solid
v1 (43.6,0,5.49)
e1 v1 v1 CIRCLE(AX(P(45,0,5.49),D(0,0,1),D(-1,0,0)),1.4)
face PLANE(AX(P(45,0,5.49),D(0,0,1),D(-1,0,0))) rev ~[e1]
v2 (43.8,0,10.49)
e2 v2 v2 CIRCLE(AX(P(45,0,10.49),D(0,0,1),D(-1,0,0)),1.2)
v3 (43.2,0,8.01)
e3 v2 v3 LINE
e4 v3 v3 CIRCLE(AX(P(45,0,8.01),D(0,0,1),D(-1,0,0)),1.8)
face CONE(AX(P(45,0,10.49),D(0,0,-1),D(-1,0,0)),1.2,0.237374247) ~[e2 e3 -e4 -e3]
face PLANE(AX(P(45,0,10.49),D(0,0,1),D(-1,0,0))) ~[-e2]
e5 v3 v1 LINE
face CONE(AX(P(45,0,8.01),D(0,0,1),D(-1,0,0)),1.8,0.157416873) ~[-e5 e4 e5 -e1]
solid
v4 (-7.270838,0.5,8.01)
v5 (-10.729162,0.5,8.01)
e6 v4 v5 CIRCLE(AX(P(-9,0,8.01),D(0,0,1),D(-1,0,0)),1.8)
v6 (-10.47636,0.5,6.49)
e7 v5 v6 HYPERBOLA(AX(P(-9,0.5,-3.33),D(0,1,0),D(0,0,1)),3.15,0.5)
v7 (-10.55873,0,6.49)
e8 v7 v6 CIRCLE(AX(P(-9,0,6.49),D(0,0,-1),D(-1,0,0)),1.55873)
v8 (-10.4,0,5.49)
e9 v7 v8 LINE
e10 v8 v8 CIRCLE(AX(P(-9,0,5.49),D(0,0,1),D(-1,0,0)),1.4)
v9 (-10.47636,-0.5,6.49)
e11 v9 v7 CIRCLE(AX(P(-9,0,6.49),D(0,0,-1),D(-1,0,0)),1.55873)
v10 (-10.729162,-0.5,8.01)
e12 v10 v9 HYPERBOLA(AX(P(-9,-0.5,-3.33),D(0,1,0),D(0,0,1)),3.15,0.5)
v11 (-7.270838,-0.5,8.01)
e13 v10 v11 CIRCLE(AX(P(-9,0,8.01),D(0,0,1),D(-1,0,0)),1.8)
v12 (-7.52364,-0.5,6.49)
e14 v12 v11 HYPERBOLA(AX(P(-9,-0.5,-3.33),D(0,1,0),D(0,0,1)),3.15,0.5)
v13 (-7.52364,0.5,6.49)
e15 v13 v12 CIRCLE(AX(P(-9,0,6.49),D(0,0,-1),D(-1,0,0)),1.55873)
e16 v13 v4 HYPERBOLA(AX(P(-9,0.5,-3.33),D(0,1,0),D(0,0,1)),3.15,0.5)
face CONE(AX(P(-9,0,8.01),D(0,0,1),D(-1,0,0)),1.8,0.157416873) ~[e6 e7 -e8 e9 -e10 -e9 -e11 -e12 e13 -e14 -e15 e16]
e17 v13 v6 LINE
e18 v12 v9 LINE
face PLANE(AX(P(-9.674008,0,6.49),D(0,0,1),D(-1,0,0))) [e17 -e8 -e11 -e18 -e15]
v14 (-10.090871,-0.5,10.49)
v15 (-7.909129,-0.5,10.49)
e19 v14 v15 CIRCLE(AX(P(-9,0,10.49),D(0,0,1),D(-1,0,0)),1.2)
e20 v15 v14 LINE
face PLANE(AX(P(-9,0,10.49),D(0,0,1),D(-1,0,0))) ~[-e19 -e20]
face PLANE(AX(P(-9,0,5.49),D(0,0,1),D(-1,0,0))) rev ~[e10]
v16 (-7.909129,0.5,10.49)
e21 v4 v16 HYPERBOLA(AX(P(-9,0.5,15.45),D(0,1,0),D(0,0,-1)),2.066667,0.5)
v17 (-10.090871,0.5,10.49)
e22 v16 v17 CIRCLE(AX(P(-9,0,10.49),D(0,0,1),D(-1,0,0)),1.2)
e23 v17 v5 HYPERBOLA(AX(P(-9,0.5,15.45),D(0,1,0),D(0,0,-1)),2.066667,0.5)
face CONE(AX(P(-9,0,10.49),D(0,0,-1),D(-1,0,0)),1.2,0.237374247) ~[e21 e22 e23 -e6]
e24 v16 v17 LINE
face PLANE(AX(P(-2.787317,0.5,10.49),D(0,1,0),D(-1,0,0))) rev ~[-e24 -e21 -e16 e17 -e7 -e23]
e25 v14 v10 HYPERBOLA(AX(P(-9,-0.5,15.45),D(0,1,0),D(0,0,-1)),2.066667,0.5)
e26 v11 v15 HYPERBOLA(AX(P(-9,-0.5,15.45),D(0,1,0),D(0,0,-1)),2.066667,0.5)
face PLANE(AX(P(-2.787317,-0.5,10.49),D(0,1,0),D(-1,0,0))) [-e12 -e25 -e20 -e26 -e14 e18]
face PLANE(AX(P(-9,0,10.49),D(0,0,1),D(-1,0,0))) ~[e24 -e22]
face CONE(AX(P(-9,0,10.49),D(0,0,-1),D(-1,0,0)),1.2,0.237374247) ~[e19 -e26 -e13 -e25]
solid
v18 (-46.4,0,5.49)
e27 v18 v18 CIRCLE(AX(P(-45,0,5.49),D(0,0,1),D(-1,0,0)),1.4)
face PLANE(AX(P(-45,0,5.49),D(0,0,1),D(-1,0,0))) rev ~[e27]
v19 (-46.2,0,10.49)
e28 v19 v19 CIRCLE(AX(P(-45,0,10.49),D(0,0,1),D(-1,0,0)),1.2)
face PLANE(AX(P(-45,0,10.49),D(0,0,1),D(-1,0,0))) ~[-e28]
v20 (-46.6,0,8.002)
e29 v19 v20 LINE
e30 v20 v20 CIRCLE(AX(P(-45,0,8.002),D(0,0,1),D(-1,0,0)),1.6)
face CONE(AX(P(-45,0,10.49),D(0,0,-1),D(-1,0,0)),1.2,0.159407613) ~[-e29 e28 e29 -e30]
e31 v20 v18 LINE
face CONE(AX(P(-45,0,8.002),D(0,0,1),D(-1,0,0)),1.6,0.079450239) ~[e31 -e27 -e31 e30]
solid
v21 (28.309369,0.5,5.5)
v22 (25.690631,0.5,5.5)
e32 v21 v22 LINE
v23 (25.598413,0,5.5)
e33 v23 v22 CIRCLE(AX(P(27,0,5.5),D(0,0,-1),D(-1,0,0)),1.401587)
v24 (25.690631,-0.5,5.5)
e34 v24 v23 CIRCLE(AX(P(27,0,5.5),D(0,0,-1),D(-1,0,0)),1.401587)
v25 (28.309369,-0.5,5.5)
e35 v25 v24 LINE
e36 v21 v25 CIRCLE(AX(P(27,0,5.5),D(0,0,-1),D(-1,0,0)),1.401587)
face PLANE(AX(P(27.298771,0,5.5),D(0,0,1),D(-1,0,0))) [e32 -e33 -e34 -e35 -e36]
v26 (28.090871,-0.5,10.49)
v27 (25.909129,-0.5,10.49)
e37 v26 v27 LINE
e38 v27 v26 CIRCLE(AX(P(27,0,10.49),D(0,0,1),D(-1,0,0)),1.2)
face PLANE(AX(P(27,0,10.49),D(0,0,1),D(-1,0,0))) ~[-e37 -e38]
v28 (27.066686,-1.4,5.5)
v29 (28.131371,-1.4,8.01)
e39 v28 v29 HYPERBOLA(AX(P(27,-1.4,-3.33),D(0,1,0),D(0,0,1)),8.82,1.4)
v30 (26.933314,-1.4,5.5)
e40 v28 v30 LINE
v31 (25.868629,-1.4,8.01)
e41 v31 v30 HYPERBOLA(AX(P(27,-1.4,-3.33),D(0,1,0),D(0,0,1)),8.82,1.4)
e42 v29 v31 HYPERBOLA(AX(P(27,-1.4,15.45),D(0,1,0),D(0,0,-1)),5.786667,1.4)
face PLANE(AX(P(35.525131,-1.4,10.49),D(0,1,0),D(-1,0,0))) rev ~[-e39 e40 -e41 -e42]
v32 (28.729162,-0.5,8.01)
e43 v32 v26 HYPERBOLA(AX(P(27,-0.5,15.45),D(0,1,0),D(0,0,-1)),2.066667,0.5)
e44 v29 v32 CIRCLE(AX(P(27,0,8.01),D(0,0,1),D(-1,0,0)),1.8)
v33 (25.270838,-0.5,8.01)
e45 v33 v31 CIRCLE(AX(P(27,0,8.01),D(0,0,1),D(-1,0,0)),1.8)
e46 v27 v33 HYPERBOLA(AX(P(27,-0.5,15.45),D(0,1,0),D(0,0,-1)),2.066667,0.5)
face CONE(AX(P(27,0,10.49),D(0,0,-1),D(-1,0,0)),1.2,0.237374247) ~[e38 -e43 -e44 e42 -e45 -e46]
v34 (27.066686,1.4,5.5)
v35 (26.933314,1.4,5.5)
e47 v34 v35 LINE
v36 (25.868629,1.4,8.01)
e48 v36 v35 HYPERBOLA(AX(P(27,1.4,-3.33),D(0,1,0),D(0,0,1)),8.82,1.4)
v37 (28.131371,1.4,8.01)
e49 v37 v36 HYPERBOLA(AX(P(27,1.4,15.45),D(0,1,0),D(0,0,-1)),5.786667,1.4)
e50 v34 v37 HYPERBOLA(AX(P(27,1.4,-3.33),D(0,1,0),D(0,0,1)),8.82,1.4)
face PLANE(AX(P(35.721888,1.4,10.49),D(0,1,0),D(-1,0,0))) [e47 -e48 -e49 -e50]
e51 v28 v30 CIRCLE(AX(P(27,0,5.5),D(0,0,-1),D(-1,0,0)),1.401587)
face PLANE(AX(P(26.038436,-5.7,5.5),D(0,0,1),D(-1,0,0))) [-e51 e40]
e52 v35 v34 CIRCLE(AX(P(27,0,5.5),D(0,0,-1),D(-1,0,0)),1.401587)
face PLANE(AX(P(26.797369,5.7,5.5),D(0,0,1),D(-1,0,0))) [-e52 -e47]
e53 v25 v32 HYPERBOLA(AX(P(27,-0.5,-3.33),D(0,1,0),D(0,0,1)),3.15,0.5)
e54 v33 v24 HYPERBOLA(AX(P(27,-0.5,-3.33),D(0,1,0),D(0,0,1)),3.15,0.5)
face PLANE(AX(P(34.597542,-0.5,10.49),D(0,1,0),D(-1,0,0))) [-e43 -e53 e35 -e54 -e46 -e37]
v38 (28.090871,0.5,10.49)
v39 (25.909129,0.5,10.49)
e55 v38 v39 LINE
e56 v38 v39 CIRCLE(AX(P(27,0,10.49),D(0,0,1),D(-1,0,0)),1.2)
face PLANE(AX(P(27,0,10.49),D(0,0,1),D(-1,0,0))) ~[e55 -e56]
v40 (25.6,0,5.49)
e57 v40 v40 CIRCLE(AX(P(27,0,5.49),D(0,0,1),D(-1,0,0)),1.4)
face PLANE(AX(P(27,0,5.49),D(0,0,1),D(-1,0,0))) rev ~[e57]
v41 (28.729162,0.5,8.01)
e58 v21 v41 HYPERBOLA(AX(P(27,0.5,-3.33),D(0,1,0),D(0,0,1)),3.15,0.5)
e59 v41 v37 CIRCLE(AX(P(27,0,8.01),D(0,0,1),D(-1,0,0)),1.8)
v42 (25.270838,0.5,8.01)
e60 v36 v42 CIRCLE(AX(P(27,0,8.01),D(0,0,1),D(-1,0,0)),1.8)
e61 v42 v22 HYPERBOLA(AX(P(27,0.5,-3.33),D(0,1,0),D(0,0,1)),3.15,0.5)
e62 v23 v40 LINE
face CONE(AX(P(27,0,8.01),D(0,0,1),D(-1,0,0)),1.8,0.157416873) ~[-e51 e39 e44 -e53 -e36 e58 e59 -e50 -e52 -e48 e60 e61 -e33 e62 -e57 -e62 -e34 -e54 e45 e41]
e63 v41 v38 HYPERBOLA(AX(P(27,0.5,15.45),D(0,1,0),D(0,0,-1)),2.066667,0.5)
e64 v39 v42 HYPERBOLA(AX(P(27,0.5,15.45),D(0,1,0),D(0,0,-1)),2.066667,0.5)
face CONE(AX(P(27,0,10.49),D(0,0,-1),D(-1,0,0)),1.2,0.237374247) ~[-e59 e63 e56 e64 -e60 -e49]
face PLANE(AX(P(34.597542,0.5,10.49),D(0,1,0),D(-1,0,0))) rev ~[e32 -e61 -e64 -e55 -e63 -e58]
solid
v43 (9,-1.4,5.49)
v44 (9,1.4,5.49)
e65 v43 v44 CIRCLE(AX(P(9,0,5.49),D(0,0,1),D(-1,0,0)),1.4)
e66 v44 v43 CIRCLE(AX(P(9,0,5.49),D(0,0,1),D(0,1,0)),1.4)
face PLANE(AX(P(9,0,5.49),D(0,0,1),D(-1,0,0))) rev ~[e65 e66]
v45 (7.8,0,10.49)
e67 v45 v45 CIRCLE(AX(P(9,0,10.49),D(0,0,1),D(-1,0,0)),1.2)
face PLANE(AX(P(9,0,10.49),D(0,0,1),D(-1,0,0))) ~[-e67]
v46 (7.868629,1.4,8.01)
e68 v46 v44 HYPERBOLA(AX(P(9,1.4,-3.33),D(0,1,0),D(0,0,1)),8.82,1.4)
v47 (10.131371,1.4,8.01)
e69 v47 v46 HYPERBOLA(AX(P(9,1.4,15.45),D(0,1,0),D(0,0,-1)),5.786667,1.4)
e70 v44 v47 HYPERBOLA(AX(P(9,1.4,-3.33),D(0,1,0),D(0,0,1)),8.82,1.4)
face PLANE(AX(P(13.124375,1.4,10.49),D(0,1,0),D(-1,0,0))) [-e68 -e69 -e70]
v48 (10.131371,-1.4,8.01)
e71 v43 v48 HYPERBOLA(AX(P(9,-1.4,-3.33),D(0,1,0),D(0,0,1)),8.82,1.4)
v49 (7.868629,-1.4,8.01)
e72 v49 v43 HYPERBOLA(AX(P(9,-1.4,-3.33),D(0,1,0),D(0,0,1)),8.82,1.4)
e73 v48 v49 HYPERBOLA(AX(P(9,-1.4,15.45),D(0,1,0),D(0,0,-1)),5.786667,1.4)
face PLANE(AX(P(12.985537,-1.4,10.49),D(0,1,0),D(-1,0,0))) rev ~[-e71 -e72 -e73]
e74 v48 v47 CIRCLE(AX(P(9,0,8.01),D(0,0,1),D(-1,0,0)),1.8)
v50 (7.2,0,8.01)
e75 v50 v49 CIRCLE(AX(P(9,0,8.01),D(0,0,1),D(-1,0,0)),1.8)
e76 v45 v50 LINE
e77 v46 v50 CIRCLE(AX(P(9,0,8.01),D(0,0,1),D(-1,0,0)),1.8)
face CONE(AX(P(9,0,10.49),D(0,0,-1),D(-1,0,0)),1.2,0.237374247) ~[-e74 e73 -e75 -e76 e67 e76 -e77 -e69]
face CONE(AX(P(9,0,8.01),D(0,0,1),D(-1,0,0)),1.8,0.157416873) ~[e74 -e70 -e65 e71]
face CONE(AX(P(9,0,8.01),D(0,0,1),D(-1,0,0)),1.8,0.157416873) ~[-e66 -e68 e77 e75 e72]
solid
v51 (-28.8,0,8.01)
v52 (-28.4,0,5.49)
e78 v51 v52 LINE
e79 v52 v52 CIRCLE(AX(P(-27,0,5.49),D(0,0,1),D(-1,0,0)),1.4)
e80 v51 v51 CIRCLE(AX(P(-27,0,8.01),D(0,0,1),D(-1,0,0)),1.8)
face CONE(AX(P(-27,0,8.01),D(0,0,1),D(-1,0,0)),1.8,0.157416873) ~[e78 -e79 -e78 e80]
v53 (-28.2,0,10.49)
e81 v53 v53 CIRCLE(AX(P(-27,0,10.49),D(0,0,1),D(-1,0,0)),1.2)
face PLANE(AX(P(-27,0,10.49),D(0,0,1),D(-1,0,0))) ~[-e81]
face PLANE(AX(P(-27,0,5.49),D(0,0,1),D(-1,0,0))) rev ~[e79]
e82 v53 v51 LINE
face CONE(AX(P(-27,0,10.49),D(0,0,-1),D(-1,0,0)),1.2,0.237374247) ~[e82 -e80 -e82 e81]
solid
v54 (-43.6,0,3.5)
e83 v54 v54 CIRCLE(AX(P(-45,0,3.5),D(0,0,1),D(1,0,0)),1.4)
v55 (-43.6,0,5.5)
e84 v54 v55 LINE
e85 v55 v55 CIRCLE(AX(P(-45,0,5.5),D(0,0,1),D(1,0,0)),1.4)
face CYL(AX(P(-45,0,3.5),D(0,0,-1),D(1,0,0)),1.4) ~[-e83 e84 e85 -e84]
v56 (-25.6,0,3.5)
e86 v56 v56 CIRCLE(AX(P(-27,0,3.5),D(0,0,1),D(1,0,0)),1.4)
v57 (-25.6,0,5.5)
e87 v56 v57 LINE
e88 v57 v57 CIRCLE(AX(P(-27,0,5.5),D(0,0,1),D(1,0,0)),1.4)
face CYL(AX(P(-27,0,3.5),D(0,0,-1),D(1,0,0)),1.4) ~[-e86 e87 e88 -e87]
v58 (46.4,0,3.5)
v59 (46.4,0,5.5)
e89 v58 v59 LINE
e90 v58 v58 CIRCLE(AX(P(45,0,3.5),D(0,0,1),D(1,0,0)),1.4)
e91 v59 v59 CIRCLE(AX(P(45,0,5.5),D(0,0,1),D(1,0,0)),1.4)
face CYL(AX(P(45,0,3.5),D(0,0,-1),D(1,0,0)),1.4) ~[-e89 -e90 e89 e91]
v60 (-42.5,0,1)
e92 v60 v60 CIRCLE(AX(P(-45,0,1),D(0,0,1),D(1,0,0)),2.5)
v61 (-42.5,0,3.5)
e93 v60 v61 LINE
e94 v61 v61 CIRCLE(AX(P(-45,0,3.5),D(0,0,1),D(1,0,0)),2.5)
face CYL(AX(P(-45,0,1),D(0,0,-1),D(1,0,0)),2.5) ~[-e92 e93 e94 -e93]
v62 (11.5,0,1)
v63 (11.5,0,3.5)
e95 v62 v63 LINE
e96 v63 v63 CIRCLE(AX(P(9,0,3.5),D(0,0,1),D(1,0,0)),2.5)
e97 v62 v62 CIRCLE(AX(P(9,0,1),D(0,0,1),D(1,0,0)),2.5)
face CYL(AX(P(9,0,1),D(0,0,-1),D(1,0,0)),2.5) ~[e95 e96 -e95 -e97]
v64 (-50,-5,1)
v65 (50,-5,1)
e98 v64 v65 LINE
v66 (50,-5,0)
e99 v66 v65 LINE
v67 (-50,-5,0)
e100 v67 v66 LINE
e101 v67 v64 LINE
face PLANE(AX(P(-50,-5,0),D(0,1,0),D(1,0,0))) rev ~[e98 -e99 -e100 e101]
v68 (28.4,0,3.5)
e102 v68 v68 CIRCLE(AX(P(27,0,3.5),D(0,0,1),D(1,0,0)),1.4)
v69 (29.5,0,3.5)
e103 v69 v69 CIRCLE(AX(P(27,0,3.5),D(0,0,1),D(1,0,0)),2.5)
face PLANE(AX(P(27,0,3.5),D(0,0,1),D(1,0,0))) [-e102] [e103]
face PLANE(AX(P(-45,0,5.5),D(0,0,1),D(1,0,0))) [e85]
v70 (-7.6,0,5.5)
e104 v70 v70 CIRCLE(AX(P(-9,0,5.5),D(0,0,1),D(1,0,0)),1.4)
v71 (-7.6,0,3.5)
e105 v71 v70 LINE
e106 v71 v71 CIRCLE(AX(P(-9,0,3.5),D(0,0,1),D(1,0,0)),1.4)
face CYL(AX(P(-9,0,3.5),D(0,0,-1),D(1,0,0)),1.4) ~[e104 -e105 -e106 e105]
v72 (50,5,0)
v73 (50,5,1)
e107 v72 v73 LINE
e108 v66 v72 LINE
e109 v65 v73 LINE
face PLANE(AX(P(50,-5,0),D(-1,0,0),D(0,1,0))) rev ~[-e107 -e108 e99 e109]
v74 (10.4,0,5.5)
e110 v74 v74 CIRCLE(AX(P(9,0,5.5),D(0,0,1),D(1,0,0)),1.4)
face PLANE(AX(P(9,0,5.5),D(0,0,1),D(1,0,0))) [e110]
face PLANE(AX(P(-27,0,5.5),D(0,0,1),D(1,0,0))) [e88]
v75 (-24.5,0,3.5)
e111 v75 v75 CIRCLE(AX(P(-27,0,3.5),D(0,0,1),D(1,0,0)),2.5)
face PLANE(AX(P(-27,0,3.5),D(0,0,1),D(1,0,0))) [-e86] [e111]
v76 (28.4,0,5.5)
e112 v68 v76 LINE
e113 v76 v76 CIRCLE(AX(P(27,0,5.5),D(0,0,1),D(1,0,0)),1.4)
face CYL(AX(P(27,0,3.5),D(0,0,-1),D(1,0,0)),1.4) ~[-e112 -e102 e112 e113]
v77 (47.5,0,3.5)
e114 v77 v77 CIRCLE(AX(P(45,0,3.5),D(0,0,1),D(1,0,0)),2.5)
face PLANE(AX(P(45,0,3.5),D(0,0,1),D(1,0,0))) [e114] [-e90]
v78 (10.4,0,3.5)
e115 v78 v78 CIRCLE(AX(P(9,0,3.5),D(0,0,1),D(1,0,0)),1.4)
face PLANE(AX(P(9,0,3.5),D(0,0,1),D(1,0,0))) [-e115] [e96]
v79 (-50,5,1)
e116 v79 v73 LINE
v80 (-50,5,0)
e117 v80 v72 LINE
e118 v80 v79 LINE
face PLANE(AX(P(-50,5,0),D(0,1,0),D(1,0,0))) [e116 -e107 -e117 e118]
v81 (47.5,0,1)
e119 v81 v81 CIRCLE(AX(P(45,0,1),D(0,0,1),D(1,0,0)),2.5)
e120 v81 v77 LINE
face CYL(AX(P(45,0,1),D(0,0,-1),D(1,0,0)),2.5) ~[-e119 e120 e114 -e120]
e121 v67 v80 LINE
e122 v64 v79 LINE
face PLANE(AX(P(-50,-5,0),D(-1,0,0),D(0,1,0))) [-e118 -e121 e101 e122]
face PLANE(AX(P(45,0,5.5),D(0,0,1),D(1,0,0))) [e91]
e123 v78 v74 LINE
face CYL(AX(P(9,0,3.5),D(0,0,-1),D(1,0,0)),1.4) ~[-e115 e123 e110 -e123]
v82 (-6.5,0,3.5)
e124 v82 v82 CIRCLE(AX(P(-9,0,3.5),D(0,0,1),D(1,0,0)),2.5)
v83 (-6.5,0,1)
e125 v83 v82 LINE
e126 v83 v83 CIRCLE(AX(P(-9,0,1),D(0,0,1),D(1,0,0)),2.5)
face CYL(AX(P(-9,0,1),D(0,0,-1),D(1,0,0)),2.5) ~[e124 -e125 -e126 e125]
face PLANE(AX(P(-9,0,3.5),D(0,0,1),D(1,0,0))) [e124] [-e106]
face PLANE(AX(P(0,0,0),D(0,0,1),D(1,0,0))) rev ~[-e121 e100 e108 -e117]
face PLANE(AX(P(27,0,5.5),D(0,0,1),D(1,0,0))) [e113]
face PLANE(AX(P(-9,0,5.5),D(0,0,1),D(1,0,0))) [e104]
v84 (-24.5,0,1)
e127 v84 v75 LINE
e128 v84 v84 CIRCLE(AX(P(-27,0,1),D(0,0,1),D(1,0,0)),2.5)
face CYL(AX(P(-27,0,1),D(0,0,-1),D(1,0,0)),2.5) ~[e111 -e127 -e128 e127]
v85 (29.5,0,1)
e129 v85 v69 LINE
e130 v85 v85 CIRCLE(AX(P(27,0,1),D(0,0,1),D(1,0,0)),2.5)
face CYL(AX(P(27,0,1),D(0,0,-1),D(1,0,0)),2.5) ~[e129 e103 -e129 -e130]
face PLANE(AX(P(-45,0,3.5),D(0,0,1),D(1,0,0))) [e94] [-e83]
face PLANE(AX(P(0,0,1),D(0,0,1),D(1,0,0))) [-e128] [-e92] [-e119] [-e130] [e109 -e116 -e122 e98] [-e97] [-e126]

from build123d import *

# Parameters (mm, degrees)
SKETCH_W               = 100
SKETCH_H               = 10
PAD_DEPTH              = 1
SKETCH001_R            = 2.5
PAD001_DEPTH           = 2.5
LINEARPATTERN_COUNT    = 6
LINEARPATTERN_PITCH    = 18
SKETCH002_R            = 1.4
PAD002_DEPTH           = 2
LINEARPATTERN001_COUNT = 6
LINEARPATTERN001_PITCH = 18
SKETCH009_W            = 8.008663
SKETCH009_H            = 3
SKETCH009_W_2          = 8.175985
POCKET_DEPTH           = 5
SKETCH010_W            = 13.773382
SKETCH010_H            = 1
POCKET001_DEPTH        = 4
SKETCH011_W            = 14.597542
SKETCH011_H            = 1
SKETCH011_W_2          = 17.849039
SKETCH011_H_2          = 8.6
SKETCH011_W_3          = 18.97339
POCKET002_DEPTH        = 4.99


with BuildPart() as linearpattern001:
    # Sketch → Pad (new body)
    with BuildSketch(Plane.XY):
        Rectangle(SKETCH_W, SKETCH_H)
    extrude(amount=PAD_DEPTH)

    # Sketch001 → Pad001 (new body)
    with BuildSketch(Plane.XY.offset(1)):
        with Locations((-45, 0)):
            Circle(SKETCH001_R)
    pad001 = extrude(amount=PAD001_DEPTH)

    # LinearPattern: Pad001 ×6
    with Locations(*[(i * LINEARPATTERN_PITCH, 0, 0) for i in range(1, LINEARPATTERN_COUNT)]):
        add(pad001)

    # Sketch002 → Pad002 (new body)
    with BuildSketch(Plane.XY.offset(3.5)):
        with Locations((-45, 0)):
            Circle(SKETCH002_R)
    pad002 = extrude(amount=PAD002_DEPTH)

    # LinearPattern001: Pad002 ×6
    with Locations(*[(i * LINEARPATTERN001_PITCH, 0, 0) for i in range(1, LINEARPATTERN001_COUNT)]):
        add(pad002)


with BuildPart() as revolution:
    # Sketch003 → Revolution (revolve)
    with BuildSketch(Plane.XZ):
        Polygon((-45, 5.49), (-45, 10.49), (-46.2, 10.49), (-46.6, 8.002), (-46.4, 5.49), align=None)
    revolve(axis=Axis((-45, 0, 14.994768), (0, 0, 1)))


with BuildPart() as revolution001:
    # Sketch004 → Revolution001 (revolve)
    with BuildSketch(Plane.XZ):
        Polygon((-27, 5.49), (-27, 10.49), (-28.2, 10.49), (-28.8, 8.01), (-28.4, 5.49), align=None)
    revolve(axis=Axis((-27, 0, 14.994768), (0, 0, 1)))


with BuildPart() as revolution005:
    # Sketch008 → Revolution005 (revolve)
    with BuildSketch(Plane.XZ):
        Polygon((45, 5.49), (45, 10.49), (43.8, 10.49), (43.2, 8.01), (43.6, 5.49), align=None)
    revolve(axis=Axis((45, 0, 14.647463), (0, 0, 1)))


with BuildPart() as pocket:
    # Sketch006 → Revolution003 (revolve)
    with BuildSketch(Plane.XZ):
        Polygon((9, 5.49), (9, 10.49), (7.8, 10.49), (7.2, 8.01), (7.6, 5.49), align=None)
    revolve(axis=Axis((9, 0, 14.647463), (0, 0, 1)))

    # Sketch009 → Pocket (cut)
    with BuildSketch(Plane(origin=(0, 0, 10.49), x_dir=(-1, 0, 0), z_dir=(0, 0, 1))):
        with Locations((-8.981206, 2.9)):
            Rectangle(SKETCH009_W, SKETCH009_H)
        with Locations((-9.036382, -2.9)):
            Rectangle(SKETCH009_W_2, SKETCH009_H)
    extrude(amount=-POCKET_DEPTH, mode=Mode.SUBTRACT)


with BuildPart() as pocket001:
    # Sketch005 → Revolution002 (revolve)
    with BuildSketch(Plane.XZ):
        Polygon((-9, 5.49), (-9, 10.49), (-10.2, 10.49), (-10.8, 8.01), (-10.4, 5.49), align=None)
    revolve(axis=Axis((-9, 0, 14.994768), (0, 0, 1)))

    # Sketch010 → Pocket001 (cut)
    with BuildSketch(Plane(origin=(0, 0, 10.49), x_dir=(-1, 0, 0), z_dir=(0, 0, 1))):
        with Locations((9.674008, 0)):
            Rectangle(SKETCH010_W, SKETCH010_H)
    extrude(amount=-POCKET001_DEPTH, mode=Mode.SUBTRACT)


with BuildPart() as pocket002:
    # Sketch007 → Revolution004 (revolve)
    with BuildSketch(Plane.XZ):
        Polygon((27, 5.49), (27, 10.49), (25.8, 10.49), (25.2, 8.01), (25.6, 5.49), align=None)
    revolve(axis=Axis((27, 0, 14.647463), (0, 0, 1)))

    # Sketch011 → Pocket002 (cut)
    with BuildSketch(Plane(origin=(0, 0, 10.49), x_dir=(-1, 0, 0), z_dir=(0, 0, 1))):
        with Locations((-27.298771, 0)):
            Rectangle(SKETCH011_W, SKETCH011_H)
        with Locations((-26.797369, -5.7)):
            Rectangle(SKETCH011_W_2, SKETCH011_H_2)
        with Locations((-26.038436, 5.7)):
            Rectangle(SKETCH011_W_3, SKETCH011_H_2)
    extrude(amount=-POCKET002_DEPTH, mode=Mode.SUBTRACT)


solid = Compound([linearpattern001.part, revolution.part, revolution001.part, revolution005.part, pocket.part, pocket001.part, pocket002.part])
